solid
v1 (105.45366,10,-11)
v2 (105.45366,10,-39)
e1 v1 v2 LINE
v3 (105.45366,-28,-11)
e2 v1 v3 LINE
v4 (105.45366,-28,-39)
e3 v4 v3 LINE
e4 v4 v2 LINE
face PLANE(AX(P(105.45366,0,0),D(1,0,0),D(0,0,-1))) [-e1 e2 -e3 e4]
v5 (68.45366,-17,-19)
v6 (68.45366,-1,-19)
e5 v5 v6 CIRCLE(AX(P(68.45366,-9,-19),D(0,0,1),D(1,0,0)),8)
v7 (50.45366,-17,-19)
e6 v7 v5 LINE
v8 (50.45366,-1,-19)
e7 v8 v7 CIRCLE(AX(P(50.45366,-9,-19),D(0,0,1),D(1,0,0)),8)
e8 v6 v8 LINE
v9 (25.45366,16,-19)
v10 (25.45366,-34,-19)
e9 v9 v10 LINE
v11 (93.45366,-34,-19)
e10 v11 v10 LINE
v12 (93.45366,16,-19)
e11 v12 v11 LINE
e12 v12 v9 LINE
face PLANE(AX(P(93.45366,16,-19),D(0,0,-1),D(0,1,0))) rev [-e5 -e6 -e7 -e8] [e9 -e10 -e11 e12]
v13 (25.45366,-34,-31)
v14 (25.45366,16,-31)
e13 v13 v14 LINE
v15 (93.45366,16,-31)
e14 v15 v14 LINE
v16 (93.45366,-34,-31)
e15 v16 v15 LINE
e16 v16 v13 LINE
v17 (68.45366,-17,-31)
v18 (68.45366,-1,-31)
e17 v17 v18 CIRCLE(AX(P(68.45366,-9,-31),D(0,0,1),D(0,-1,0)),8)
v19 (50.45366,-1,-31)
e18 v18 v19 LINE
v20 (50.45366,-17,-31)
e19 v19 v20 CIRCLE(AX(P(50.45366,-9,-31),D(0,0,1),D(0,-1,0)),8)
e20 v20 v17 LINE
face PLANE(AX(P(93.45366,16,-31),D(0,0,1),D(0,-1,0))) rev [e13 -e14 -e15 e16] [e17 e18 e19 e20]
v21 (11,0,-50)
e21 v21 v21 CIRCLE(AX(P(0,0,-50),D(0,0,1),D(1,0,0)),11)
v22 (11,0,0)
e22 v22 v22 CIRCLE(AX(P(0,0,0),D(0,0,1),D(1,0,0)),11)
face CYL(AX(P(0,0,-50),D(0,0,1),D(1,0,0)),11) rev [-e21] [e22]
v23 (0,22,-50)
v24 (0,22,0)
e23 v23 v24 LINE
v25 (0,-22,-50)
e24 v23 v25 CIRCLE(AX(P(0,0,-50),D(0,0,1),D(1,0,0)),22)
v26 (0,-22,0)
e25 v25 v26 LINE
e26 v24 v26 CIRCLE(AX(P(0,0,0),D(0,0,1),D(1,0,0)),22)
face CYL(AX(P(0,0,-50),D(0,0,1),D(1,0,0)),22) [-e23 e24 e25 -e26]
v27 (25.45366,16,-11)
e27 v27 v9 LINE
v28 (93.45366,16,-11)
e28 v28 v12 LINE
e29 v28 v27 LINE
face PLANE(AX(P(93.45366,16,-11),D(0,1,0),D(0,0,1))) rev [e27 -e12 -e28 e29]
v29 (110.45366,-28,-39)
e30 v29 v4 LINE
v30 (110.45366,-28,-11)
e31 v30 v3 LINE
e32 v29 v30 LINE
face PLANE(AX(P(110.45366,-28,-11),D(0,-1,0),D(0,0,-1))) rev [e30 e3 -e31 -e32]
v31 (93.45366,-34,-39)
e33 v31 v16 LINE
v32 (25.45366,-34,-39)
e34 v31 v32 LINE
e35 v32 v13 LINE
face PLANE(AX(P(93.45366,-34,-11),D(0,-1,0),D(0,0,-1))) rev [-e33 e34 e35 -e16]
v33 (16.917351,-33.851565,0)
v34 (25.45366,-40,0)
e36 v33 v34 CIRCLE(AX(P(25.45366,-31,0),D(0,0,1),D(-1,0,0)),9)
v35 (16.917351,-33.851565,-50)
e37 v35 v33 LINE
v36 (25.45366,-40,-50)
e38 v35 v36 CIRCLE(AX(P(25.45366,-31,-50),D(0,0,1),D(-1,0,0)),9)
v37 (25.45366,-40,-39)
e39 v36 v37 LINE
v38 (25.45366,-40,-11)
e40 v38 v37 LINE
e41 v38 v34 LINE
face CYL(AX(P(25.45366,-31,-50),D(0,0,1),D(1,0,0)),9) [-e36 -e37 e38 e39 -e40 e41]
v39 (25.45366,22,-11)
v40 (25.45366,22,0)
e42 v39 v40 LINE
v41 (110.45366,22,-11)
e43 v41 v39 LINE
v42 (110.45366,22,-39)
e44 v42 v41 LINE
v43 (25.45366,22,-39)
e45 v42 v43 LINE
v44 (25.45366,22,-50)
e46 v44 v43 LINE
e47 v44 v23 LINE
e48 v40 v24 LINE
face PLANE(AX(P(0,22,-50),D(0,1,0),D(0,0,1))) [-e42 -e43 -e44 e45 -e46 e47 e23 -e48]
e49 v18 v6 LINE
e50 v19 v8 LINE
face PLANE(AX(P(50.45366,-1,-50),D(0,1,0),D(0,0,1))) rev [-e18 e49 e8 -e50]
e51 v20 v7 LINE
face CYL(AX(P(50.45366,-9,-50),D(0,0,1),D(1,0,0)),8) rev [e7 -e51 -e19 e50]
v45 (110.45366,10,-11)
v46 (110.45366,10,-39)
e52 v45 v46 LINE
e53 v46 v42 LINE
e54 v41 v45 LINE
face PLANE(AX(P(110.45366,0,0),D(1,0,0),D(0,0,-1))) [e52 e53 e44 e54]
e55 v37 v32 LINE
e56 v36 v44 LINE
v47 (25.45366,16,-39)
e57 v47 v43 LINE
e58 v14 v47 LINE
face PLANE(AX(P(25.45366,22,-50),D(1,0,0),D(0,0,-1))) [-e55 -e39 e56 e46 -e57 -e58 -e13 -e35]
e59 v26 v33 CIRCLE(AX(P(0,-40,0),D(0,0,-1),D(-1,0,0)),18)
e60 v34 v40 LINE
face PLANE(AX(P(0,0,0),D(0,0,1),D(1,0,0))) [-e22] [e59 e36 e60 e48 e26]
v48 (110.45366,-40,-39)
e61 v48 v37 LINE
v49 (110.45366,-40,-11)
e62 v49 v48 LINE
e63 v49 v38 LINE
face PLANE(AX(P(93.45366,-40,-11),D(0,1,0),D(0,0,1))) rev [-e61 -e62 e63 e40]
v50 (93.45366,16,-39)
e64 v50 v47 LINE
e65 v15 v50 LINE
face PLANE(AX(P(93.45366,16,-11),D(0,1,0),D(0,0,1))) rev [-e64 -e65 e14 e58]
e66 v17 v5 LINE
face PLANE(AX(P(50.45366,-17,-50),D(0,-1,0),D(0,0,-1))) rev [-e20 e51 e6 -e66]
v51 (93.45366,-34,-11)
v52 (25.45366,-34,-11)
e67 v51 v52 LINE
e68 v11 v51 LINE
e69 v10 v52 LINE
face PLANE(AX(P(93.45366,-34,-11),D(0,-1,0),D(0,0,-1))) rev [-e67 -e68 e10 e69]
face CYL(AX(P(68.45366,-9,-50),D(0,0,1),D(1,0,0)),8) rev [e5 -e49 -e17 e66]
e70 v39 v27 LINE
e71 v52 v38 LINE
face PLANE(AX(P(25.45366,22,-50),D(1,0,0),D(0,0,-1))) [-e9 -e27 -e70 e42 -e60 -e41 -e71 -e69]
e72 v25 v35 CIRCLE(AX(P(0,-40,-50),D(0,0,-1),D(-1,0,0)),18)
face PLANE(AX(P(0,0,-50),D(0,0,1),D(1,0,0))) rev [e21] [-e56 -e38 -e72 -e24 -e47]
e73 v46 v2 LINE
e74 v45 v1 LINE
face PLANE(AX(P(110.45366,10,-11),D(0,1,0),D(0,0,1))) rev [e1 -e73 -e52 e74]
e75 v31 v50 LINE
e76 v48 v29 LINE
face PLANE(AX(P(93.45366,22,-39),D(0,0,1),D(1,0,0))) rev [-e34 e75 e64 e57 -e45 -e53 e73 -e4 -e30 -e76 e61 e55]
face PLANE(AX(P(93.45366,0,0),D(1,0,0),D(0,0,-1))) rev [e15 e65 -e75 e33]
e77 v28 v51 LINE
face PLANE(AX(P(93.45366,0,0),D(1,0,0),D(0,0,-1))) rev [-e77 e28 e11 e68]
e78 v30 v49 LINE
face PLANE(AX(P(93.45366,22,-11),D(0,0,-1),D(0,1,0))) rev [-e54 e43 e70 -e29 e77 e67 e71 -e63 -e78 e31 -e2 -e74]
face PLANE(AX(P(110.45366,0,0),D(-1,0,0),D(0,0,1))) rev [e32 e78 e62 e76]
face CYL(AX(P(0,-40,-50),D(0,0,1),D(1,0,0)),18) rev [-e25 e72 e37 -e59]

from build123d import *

# Parameters (mm, degrees)
SKETCH1_R           = 11
BOSS_EXTRUDE1_DEPTH = 50
SKETCH2_W           = 28
SKETCH2_H           = 6
BOSS_EXTRUDE2_DEPTH = 68
SKETCH3_W           = 12
SKETCH3_H           = 50
BOSS_EXTRUDE3_DEPTH = 68
SKETCH4_W           = 28
SKETCH4_H           = 62
BOSS_EXTRUDE4_DEPTH = 12
SKETCH5_W           = 28
SKETCH5_H           = 12
BOSS_EXTRUDE5_DEPTH = 5
CUT_EXTRUDE1_DEPTH  = 122.49490099


with BuildPart() as part:
    # Sketch1 → Boss-Extrude1 (new body)
    with BuildSketch(Plane.XY):
        with BuildLine():
            Line((0, 22), (25.453659816, 22))
            Line((25.453659816, 22), (25.453659816, -40))
            ThreePointArc((25.453659816, -40), (20.193625944, -38.302879135), (16.917350568, -33.851565259))
            ThreePointArc((16.917350568, -33.851565259), (10.327830718, -25.257682927), (0, -22))
            ThreePointArc((0, -22), (-22, 0), (0, 22))
        make_face()
        Circle(SKETCH1_R, mode=Mode.SUBTRACT)
    extrude(amount=-BOSS_EXTRUDE1_DEPTH)

    # Sketch2 → Boss-Extrude2 (add)
    with BuildSketch(Plane(origin=(25.453659816, 0, 0), x_dir=(0, 0, -1), z_dir=(1, 0, 0))):
        with Locations((25, 19)):
            Rectangle(SKETCH2_W, SKETCH2_H)
        with Locations((25, -37)):
            Rectangle(SKETCH2_W, SKETCH2_H)
    extrude(amount=BOSS_EXTRUDE2_DEPTH)

    # Sketch3 → Boss-Extrude3 (add)
    with BuildSketch(Plane(origin=(25.453659816, 0, 0), x_dir=(0, 0, -1), z_dir=(1, 0, 0))):
        with Locations((25, -9)):
            Rectangle(SKETCH3_W, SKETCH3_H)
    extrude(amount=BOSS_EXTRUDE3_DEPTH)

    # Sketch4 → Boss-Extrude4 (add)
    with BuildSketch(Plane(origin=(93.453659816, 0, 0), x_dir=(0, 0, -1), z_dir=(1, 0, 0))):
        with Locations((25, -9)):
            Rectangle(SKETCH4_W, SKETCH4_H)
    extrude(amount=BOSS_EXTRUDE4_DEPTH)

    # Sketch5 → Boss-Extrude5 (add)
    with BuildSketch(Plane(origin=(105.453659816, 0, 0), x_dir=(0, 0, -1), z_dir=(1, 0, 0))):
        with Locations((25, 16)):
            Rectangle(SKETCH5_W, SKETCH5_H)
        with Locations((25, -34)):
            Rectangle(SKETCH5_W, SKETCH5_H)
    extrude(amount=BOSS_EXTRUDE5_DEPTH)

    # Sketch8 → Cut-Extrude1 (cut, through all)
    with BuildSketch(Plane.XY.offset(-19)):
        with BuildLine():
            Line((50.453659816, -1), (68.453659816, -1))
            ThreePointArc((68.453659816, -1), (76.453659816, -9), (68.453659816, -17))
            Line((68.453659816, -17), (50.453659816, -17))
            ThreePointArc((50.453659816, -17), (42.453659816, -9), (50.453659816, -1))
        make_face()
    extrude(amount=-CUT_EXTRUDE1_DEPTH, mode=Mode.SUBTRACT)


solid = part.part
